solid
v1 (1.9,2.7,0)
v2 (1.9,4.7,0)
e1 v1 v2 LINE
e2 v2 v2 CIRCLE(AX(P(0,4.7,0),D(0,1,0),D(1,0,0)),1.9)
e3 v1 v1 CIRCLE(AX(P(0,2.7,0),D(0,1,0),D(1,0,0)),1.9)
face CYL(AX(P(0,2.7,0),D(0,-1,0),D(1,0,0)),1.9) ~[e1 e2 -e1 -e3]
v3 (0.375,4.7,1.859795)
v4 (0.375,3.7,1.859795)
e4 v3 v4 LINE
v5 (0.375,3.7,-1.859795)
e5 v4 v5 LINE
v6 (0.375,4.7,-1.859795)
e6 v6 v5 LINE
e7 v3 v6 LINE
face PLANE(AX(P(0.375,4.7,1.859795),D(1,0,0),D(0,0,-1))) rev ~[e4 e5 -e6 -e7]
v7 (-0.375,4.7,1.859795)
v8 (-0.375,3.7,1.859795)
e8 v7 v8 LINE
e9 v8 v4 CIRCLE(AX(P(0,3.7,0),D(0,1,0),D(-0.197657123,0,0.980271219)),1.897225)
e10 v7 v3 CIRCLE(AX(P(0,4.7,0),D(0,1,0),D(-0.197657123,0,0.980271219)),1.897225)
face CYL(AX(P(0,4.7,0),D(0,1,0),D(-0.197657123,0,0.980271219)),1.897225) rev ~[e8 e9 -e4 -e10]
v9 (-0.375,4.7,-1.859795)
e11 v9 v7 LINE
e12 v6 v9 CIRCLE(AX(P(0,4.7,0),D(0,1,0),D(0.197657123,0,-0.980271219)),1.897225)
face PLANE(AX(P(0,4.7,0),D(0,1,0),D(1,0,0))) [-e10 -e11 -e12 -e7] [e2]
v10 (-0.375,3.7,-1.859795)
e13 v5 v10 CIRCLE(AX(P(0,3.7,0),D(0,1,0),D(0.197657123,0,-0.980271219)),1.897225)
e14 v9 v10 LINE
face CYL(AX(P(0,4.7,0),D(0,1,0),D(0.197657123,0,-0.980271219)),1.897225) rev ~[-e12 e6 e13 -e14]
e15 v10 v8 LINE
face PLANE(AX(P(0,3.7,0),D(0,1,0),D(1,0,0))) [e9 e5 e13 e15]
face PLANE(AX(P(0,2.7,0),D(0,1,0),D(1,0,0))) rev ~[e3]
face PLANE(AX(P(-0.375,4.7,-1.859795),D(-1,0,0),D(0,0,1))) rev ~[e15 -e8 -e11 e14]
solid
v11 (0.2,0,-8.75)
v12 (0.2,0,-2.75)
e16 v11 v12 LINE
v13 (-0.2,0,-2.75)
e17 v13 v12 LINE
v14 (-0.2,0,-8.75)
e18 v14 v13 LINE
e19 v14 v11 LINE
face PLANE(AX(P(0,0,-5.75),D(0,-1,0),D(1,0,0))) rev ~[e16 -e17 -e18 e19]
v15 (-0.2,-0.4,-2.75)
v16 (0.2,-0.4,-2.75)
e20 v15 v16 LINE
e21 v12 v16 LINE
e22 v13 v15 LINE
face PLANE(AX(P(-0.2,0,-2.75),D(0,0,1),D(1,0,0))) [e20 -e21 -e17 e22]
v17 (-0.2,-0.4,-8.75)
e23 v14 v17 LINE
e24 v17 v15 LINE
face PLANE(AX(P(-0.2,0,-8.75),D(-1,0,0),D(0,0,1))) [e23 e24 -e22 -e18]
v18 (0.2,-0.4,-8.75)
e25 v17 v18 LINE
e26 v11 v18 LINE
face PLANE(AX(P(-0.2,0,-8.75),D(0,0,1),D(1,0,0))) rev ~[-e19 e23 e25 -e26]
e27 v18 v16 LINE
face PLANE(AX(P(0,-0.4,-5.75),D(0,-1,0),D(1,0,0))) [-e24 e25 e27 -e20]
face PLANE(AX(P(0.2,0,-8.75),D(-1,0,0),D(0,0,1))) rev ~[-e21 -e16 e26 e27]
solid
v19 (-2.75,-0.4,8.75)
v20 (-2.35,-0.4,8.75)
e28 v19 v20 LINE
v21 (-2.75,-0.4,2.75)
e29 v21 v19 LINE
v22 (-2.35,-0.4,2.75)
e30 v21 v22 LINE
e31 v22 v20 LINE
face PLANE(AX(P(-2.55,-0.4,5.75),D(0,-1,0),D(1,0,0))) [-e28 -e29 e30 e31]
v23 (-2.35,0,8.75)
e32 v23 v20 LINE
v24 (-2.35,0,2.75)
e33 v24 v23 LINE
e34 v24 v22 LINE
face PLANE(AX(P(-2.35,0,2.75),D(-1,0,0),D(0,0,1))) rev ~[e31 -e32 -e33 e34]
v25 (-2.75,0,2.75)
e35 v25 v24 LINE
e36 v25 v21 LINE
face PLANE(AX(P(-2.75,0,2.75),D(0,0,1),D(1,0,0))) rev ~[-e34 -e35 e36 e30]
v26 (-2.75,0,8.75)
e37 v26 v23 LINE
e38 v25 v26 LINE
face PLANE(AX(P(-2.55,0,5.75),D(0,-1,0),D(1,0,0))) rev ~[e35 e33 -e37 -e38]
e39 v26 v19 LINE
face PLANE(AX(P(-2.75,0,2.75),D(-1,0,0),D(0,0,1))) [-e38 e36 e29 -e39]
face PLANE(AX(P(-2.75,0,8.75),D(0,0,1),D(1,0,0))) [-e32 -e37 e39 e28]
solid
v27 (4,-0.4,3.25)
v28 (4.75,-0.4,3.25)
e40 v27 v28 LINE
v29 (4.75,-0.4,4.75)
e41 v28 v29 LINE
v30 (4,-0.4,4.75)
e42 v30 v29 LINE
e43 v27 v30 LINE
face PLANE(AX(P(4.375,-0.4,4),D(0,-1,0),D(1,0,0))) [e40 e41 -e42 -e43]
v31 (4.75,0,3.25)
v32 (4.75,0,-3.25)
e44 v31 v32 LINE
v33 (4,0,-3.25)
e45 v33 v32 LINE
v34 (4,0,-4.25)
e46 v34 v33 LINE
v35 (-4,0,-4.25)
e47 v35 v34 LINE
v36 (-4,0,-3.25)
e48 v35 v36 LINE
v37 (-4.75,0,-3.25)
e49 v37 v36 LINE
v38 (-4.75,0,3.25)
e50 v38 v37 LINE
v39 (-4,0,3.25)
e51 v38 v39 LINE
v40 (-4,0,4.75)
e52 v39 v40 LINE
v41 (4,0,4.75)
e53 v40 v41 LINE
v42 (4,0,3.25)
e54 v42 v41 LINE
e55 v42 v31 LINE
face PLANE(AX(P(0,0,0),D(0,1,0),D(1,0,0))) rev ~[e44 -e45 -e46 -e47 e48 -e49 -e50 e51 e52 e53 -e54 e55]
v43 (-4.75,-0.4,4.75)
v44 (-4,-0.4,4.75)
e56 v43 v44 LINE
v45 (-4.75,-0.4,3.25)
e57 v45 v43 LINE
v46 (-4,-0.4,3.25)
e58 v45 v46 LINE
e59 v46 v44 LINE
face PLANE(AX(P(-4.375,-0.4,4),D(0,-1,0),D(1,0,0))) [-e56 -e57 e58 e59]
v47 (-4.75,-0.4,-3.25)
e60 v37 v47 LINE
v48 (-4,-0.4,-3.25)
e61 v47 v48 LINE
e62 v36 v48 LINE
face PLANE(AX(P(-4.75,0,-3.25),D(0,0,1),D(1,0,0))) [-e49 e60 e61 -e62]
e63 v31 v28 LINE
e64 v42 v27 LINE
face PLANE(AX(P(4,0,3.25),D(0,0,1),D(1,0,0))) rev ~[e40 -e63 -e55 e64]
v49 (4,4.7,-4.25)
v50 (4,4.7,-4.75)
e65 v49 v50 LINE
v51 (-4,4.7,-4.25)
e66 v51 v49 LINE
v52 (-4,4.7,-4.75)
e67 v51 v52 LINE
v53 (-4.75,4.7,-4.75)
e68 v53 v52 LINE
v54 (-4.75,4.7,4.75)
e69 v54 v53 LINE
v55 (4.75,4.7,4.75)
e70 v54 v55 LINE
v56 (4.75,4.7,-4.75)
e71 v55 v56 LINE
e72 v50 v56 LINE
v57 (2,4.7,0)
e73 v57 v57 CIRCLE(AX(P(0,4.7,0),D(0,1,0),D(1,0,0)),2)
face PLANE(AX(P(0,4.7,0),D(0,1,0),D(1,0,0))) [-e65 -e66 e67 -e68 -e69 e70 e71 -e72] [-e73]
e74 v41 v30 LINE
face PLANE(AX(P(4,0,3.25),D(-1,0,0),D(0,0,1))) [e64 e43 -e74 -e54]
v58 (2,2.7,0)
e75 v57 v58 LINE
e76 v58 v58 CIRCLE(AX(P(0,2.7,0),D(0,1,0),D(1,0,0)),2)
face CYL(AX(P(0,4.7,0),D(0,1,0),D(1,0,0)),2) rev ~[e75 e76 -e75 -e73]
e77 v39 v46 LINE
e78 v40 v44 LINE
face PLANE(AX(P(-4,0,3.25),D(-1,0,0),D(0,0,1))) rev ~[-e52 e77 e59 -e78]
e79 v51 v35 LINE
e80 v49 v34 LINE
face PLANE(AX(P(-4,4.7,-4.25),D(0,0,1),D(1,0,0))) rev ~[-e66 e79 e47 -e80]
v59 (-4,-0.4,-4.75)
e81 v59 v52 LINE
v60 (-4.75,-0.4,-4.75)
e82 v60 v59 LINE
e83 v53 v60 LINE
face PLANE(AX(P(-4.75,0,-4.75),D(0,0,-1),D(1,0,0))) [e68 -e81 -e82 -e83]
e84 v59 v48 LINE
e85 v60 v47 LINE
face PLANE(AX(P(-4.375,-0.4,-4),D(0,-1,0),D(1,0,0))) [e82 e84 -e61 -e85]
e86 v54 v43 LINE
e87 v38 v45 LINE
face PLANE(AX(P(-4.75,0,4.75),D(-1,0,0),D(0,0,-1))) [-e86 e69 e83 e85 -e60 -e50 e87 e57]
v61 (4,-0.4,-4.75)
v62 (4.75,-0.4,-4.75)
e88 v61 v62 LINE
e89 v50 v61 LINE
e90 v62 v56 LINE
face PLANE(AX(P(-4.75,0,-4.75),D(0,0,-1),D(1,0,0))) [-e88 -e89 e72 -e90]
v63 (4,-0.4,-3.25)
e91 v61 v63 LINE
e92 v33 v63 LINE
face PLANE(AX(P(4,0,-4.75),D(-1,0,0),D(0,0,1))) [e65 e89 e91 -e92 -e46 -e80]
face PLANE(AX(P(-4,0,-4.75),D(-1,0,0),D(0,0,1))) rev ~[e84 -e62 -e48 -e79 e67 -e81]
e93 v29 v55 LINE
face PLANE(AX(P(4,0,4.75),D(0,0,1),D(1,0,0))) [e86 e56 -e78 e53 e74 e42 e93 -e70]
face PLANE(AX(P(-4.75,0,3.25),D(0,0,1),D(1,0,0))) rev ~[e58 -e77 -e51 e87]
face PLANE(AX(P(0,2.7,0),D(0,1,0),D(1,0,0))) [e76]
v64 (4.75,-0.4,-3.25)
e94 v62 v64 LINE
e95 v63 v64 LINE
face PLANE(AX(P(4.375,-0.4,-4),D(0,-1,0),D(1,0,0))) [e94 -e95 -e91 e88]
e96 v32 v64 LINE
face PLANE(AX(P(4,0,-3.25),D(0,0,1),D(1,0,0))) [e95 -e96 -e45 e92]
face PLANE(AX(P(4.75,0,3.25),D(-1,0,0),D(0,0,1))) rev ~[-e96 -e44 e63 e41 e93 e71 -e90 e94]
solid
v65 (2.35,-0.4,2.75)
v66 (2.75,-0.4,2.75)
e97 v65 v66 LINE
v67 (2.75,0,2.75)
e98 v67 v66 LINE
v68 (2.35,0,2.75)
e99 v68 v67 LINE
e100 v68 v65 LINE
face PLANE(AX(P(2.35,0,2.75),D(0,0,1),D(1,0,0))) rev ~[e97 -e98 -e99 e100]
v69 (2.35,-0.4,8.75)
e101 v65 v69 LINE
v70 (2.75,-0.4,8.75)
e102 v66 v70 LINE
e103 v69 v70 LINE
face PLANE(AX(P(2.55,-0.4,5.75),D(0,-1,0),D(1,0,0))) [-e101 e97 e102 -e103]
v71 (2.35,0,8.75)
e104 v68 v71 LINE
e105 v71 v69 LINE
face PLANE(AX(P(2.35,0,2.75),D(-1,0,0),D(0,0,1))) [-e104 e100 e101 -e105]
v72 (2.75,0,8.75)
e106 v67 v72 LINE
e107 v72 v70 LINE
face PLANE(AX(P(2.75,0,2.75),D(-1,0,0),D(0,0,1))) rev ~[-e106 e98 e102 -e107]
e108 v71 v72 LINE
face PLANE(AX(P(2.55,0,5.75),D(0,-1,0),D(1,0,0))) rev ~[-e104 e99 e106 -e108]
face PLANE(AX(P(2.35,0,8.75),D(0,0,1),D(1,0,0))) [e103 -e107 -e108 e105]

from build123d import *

# Parameters (mm, degrees)
SKETCH1_W               = 9.5
SKETCH1_H               = 9.5
BOSS_EXTRUDE1_DEPTH     = 4.7
SKETCH2_W               = 0.75
SKETCH2_H               = 1.5
BOSS_EXTRUDE2_DEPTH     = 0.4
SKETCH3_W               = 0.4
SKETCH3_H               = 6
BOSS_EXTRUDE3_DEPTH     = 0.4
BOSS_EXTRUDE3_2_DEPTH   = 0.4
BOSS_EXTRUDE3_3_DEPTH   = 0.4
SKETCH4_W               = 8
SKETCH4_H               = 0.5
CUT_EXTRUDE1_DEPTH      = 4.7
SKETCH5_R               = 2
CUT_EXTRUDE2_DEPTH      = 1
CUT_EXTRUDE2_DEPTH_BACK = 2
SKETCH6_R               = 1.9
BOSS_EXTRUDE4_DEPTH     = 2
CUT_EXTRUDE3_DEPTH      = 1


with BuildPart() as part:
    # Sketch1 → Boss-Extrude1 (new body)
    with BuildSketch(Plane(origin=(0, 0, 0), x_dir=(1, 0, 0), z_dir=(0, 1, 0))):
        Rectangle(SKETCH1_W, SKETCH1_H)
    extrude(amount=BOSS_EXTRUDE1_DEPTH)

    # Sketch2 → Boss-Extrude2 (add)
    with BuildSketch(Plane.XZ):
        with Locations((4.375, 4)):
            Rectangle(SKETCH2_W, SKETCH2_H)
        with Locations((-4.375, 4)):
            Rectangle(SKETCH2_W, SKETCH2_H)
        with Locations((4.375, -4)):
            Rectangle(SKETCH2_W, SKETCH2_H)
        with Locations((-4.375, -4)):
            Rectangle(SKETCH2_W, SKETCH2_H)
    extrude(amount=BOSS_EXTRUDE2_DEPTH)

    # Sketch4 → Cut-Extrude1 (cut)
    with BuildSketch(Plane(origin=(0, 4.7, 0), x_dir=(1, 0, 0), z_dir=(0, 1, 0))):
        with Locations((0, 4.5)):
            Rectangle(SKETCH4_W, SKETCH4_H)
    extrude(amount=-CUT_EXTRUDE1_DEPTH, mode=Mode.SUBTRACT)

    # Sketch5 → Cut-Extrude2 (cut, two sides)
    with BuildSketch(Plane(origin=(0, 4.7, 0), x_dir=(1, 0, 0), z_dir=(0, 1, 0))) as cut_extrude2_sk:
        Circle(SKETCH5_R)
    extrude(amount=CUT_EXTRUDE2_DEPTH, mode=Mode.SUBTRACT)
    extrude(cut_extrude2_sk.sketch, amount=-CUT_EXTRUDE2_DEPTH_BACK, mode=Mode.SUBTRACT)


with BuildPart() as body_2:
    # Sketch3 → Boss-Extrude3 (new body)
    with BuildSketch(Plane.XZ):
        with Locations((2.55, 5.75)):
            Rectangle(SKETCH3_W, SKETCH3_H)
    extrude(amount=BOSS_EXTRUDE3_DEPTH)


with BuildPart() as body_3:
    # Sketch3 → Boss-Extrude3 2 (new body)
    with BuildSketch(Plane.XZ):
        with Locations((0, -5.75)):
            Rectangle(SKETCH3_W, SKETCH3_H)
    extrude(amount=BOSS_EXTRUDE3_2_DEPTH)


with BuildPart() as body_4:
    # Sketch3 → Boss-Extrude3 3 (new body)
    with BuildSketch(Plane.XZ):
        with Locations((-2.55, 5.75)):
            Rectangle(SKETCH3_W, SKETCH3_H)
    extrude(amount=BOSS_EXTRUDE3_3_DEPTH)


with BuildPart() as body_5:
    # Sketch6 → Boss-Extrude4 (new body)
    with BuildSketch(Plane(origin=(0, 2.7, 0), x_dir=(1, 0, 0), z_dir=(0, 1, 0))):
        Circle(SKETCH6_R)
    extrude(amount=BOSS_EXTRUDE4_DEPTH)

    # Sketch7 → Cut-Extrude3 (cut)
    with BuildSketch(Plane(origin=(0, 4.7, 0), x_dir=(1, 0, 0), z_dir=(0, 1, 0))):
        with BuildLine():
            Line((0.375, -1.859794894), (0.375, 1.859794894))
            ThreePointArc((0.375, 1.859794894), (0, 1.897224828), (-0.375, 1.859794894))
            Line((-0.375, 1.859794894), (-0.375, -1.859794894))
            ThreePointArc((-0.375, -1.859794894), (0, -1.897224828), (0.375, -1.859794894))
        make_face()
    extrude(amount=-CUT_EXTRUDE3_DEPTH, mode=Mode.SUBTRACT)


solid = Compound([part.part, body_2.part, body_3.part, body_4.part, body_5.part])
